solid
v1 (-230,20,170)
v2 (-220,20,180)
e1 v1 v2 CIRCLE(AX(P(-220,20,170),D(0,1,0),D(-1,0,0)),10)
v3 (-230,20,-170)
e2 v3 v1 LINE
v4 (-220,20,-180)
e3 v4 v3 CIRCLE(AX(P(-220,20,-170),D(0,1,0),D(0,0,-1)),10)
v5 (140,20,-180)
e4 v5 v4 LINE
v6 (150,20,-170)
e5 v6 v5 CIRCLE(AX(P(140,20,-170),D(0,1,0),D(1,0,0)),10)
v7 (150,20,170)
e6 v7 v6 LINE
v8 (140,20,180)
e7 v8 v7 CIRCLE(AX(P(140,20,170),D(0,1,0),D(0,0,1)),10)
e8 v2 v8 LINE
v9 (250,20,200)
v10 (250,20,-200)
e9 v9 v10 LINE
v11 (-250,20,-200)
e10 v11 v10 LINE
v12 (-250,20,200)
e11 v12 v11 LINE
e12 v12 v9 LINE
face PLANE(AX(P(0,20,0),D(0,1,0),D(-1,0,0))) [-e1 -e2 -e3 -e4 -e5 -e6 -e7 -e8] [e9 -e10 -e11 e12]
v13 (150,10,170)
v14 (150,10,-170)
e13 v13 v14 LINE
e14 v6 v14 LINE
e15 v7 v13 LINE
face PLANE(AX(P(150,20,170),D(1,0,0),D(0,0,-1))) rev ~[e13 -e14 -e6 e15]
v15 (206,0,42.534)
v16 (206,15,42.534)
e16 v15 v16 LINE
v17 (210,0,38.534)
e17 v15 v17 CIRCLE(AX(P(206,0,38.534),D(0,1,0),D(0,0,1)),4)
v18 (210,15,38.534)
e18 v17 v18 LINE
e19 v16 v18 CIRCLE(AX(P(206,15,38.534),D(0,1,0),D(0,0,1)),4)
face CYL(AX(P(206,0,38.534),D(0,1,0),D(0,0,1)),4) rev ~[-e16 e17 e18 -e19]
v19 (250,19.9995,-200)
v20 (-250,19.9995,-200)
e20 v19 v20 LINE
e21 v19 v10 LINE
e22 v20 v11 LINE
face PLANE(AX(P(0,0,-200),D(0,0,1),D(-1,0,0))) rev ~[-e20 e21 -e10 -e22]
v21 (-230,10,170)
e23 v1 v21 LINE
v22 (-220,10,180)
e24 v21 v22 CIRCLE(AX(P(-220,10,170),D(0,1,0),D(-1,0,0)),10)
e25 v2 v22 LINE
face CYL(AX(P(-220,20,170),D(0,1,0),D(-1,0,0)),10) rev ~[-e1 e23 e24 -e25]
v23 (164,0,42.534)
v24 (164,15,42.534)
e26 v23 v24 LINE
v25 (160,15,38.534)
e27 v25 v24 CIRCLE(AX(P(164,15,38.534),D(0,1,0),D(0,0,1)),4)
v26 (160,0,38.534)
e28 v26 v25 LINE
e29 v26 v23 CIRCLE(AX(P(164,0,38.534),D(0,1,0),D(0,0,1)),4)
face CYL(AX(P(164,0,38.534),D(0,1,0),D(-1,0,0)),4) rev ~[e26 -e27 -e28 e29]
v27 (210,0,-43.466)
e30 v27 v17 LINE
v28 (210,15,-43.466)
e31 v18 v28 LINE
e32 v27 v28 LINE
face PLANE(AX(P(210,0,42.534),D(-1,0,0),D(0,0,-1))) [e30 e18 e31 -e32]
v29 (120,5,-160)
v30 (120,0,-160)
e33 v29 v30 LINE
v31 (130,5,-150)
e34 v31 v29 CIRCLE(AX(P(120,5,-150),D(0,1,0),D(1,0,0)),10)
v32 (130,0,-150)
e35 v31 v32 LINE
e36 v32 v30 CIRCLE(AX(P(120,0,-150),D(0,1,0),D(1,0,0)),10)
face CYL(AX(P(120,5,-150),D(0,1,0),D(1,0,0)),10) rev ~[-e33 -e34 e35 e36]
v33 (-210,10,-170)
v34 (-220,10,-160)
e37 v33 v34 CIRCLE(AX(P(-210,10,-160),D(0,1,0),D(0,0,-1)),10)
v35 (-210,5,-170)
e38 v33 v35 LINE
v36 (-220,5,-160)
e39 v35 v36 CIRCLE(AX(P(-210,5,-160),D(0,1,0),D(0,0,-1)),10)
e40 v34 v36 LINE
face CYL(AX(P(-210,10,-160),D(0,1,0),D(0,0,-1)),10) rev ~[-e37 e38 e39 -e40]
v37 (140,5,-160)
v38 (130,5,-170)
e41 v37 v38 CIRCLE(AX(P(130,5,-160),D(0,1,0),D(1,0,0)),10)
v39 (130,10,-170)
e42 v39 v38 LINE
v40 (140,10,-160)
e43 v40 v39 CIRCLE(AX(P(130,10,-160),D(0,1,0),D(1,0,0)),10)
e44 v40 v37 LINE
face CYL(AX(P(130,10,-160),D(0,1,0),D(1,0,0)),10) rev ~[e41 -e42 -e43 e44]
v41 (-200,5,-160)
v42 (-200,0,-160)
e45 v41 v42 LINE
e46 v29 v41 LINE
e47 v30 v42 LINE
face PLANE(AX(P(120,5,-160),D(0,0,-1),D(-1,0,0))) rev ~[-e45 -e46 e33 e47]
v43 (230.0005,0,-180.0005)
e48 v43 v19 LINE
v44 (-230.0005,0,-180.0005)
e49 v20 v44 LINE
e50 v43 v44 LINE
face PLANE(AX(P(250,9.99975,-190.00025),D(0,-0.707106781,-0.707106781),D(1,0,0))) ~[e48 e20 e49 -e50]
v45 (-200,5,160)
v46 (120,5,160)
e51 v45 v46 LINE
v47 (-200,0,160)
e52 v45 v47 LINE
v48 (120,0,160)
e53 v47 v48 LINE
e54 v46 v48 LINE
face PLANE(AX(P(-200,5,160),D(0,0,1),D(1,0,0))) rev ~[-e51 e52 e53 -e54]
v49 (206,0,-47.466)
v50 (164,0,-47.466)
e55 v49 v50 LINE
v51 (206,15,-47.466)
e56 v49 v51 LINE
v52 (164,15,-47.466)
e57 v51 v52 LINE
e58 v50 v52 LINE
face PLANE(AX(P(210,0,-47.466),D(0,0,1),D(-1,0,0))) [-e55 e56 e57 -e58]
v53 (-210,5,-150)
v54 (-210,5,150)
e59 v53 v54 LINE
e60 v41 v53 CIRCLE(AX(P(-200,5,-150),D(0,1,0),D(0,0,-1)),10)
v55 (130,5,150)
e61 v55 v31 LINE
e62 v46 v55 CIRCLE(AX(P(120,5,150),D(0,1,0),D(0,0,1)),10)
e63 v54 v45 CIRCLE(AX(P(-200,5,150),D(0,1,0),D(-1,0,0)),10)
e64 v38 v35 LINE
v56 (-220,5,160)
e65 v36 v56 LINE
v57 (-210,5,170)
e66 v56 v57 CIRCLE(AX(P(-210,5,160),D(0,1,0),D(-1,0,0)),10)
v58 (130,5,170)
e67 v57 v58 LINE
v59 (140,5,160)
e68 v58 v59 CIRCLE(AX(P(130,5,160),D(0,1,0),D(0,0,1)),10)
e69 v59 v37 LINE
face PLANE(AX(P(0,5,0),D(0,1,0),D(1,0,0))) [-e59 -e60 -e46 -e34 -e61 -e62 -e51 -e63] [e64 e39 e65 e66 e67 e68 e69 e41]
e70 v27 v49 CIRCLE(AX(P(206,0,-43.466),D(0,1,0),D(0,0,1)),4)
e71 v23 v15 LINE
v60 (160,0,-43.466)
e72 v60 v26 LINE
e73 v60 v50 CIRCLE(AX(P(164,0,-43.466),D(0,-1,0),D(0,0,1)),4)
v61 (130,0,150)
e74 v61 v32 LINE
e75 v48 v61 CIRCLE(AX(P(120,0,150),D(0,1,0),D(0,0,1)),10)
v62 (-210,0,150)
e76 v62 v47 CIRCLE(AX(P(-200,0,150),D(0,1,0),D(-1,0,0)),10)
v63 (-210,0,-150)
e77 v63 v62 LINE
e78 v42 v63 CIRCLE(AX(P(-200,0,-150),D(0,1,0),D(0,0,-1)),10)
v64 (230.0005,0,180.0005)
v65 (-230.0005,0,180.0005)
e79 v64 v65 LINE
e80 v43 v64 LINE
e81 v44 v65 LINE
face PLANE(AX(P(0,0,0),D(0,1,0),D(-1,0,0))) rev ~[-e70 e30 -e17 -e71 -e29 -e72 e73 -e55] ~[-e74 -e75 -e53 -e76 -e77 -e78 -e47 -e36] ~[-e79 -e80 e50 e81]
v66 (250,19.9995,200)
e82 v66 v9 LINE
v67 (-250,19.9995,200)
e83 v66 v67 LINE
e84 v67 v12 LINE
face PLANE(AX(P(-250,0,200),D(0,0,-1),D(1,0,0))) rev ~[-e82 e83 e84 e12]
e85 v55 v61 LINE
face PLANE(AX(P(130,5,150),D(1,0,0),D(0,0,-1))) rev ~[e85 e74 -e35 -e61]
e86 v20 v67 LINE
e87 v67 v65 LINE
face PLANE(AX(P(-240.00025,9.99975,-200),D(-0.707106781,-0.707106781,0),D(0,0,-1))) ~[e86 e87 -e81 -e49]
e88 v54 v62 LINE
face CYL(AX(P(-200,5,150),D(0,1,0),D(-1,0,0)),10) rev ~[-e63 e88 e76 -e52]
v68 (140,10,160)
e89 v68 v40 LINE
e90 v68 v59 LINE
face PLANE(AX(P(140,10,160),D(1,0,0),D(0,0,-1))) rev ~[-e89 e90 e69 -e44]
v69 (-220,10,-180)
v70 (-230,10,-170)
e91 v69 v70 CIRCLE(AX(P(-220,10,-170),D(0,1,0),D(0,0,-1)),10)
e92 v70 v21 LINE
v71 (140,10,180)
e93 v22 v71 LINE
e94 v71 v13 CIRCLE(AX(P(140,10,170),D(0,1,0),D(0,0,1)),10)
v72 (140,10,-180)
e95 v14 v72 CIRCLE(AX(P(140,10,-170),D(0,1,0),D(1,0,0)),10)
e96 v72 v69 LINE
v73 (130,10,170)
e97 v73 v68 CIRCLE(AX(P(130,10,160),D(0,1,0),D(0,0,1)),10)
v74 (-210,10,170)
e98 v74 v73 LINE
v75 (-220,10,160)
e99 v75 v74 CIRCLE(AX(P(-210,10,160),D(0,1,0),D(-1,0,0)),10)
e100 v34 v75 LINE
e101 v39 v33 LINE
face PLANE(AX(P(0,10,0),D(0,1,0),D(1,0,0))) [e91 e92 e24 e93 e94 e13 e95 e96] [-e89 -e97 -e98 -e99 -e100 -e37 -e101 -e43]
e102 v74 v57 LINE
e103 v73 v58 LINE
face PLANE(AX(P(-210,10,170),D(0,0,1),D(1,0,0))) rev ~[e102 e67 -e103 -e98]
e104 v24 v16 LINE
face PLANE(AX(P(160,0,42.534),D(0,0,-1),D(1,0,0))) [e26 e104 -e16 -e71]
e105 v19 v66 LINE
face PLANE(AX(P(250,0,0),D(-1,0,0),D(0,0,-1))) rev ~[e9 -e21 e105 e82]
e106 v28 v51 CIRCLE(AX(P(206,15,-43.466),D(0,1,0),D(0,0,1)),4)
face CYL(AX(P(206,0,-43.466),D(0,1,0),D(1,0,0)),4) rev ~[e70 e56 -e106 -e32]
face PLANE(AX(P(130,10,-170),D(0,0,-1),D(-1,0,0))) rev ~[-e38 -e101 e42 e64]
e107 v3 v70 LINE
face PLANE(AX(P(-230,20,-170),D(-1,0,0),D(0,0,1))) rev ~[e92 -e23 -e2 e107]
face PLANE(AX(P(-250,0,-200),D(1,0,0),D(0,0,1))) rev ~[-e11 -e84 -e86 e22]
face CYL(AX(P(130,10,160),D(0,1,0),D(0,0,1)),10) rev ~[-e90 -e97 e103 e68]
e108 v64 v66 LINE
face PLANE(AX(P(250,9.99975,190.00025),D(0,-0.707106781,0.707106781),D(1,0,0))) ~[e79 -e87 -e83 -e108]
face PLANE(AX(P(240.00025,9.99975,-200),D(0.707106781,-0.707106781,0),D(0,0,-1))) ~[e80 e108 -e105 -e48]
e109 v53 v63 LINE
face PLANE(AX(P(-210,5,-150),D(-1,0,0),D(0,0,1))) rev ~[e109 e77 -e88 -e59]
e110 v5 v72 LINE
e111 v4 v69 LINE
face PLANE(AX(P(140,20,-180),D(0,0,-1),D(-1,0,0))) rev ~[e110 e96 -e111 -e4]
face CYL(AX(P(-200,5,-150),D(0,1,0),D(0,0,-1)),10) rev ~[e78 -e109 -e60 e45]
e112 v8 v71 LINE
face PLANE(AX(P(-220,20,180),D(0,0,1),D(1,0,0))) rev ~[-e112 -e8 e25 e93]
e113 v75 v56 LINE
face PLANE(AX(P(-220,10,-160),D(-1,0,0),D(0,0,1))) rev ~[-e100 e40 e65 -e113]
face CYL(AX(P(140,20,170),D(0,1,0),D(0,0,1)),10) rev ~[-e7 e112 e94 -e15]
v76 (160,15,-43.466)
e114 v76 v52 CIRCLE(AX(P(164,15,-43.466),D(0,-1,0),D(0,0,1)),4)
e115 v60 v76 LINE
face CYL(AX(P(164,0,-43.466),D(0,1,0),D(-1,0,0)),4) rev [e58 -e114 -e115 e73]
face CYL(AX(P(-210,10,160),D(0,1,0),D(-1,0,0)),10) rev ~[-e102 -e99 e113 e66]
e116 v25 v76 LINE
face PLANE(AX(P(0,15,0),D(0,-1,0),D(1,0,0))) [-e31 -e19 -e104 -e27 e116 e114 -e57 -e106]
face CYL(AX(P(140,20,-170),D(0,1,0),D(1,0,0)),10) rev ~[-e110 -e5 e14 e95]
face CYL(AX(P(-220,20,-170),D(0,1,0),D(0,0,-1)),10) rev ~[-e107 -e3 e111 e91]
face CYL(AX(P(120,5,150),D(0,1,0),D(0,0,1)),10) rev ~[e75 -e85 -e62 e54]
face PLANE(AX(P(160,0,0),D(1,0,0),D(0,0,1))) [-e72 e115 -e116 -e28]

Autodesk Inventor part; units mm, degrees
ref_plane "YZ Plane" through (0, 0, 0) normal (1, 0, 0) x (0, 1, 0)
ref_plane "XZ Plane" through (0, 0, 0) normal (0, 1, 0) x (-1, 0, 0)
ref_plane "XY Plane" through (0, 0, 0) normal (0, 0, 1) x (1, 0, 0)
sketch "Skizze1" plane through (0, 0, 0) normal (0, 1, 0) x (-1, 0, 0)
  line L0 (350, 0) -> (-350, 0) projected
  line L1 (0, -280) -> (0, 280) projected
  line L2 (250, 200) -> (-250, 200)
  line L3 (-250, 200) -> (-250, -200)
  line L4 (-250, -200) -> (250, -200)
  line L5 (250, -200) -> (250, 200)
  point P0 (0, 0)
  dimension "d0" = 400
  dimension "d1" = 500
extrude "Extrusion1" add sketch "Skizze1" along normal blind 20
chamfer "Fase1" distance 20 angle 45 4 edges at (-250, 0, 0) (0, 0, 200) (250, 0, 0) (0, 0, -200)
sketch "Skizze2" plane through (0, 20, 0) normal (0, 1, 0) x (1, 0, 0)
  line L0 (250, -200) -> (250, 200) projected
  line L1 (250, 200) -> (-250, 200) projected
  line L2 (-250, -200) -> (250, -200) projected
  line L3 (250, 200) -> (150, 200)
  line L4 (150, 200) -> (150, -200)
  line L5 (150, -200) -> (250, -200)
  line L6 (250, -200) -> (250, 200)
  point P0 (0, 0)
  dimension "d7" = 100
sketch "Skizze7" plane through (0, 20, 0) normal (0, 1, 0) x (1, 0, 0)
  line L0 (-250, -200) -> (250, -200) projected
  line L1 (250, -200) -> (250, 200) projected
  line L2 (250, 200) -> (-250, 200) projected
  line L3 (-250, 200) -> (-250, -200) projected
  line L4 (-350, 261.6691) -> (350, 261.6691)
  line L5 (-220, -180) -> (140, -180)
  line L6 (150, -170) -> (150, 170)
  line L7 (140, 180) -> (-220, 180)
  line L8 (-230, 170) -> (-230, -170)
  arc A0 (-230, -170) -> (-220, -180) centre (-220, -170) ccw
  arc A1 (-220, 180) -> (-230, 170) centre (-220, 170) ccw
  arc A2 (150, 170) -> (140, 180) centre (140, 170) ccw
  arc A3 (140, -180) -> (150, -170) centre (140, -170) ccw
  point P0 (0, 0)
  point P1 (458.9826, 261.6691)
  point P2 (-230, -180)
  point P3 (150, 180)
  point P4 (150, -180)
  point P5 (-230, 180)
  dimension "d35" = 380
  dimension "d37" = 20
  dimension "d38" = 20
  dimension "d41" = 10
  dimension "d53" = 20
extrude "Extrusion6" cut sketch "Skizze7" against normal blind 10 contours A0 L8 A1 L7 A2 L6 A3 L5
sketch "Skizze6" plane through (0, 0, 0) normal (0, -1, 0) x (1, 0, 0)
  line L0 (230, 180) -> (230, -180) projected
  line L1 (-350, 0) -> (350, 0) projected
  line L2 (160, 42.534) -> (210, 42.534)
  line L3 (210, 42.534) -> (210, -47.466)
  line L4 (210, -47.466) -> (160, -47.466)
  line L5 (160, -47.466) -> (160, 42.534)
  point P0 (0, 0)
  dimension "d23" = 50
  dimension "d24" = 90
  dimension "d25" = 20
extrude "Extrusion5" cut sketch "Skizze6" against normal blind 15
fillet "Rundung1" radius 4 4 edges at (160, 7.5, 42.534) (210, 7.5, 42.534) (210, 7.5, -47.466) (160, 7.5, -47.466)
sketch "Skizze8" plane through (0, 10, 0) normal (0, 1, 0) x (1, 0, 0)
  arc A0 (140, -180) -> (150, -170) centre (140, -170) ccw projected
  line L0 (150, 170) -> (150, -170) projected
  arc A1 (150, 170) -> (140, 180) centre (140, 170) ccw projected
  arc A2 (-220, 180) -> (-230, 170) centre (-220, 170) ccw projected
  line L1 (-230, -170) -> (-230, 170) projected
  arc A3 (-230, -170) -> (-220, -180) centre (-220, -170) ccw projected
  line L2 (-220, 180) -> (140, 180) projected
  line L3 (-210, -170) -> (130, -170)
  line L4 (140, -160) -> (140, 160)
  line L5 (130, 170) -> (-210, 170)
  line L6 (-220, 160) -> (-220, -160)
  arc A4 (-220, -160) -> (-210, -170) centre (-210, -160) ccw
  arc A5 (130, -170) -> (140, -160) centre (130, -160) ccw
  arc A6 (140, 160) -> (130, 170) centre (130, 160) ccw
  arc A7 (-210, 170) -> (-220, 160) centre (-210, 160) ccw
  line L7 (140, -180) -> (-220, -180) projected
  line L8 (-220, 180) -> (140, 180) projected
  point P0 (0, 0)
  dimension "d43" = 10
  dimension "d45" = 10
  dimension "d46" = 10
  dimension "d54" = 10
  dimension "d57" = 10
extrude "Extrusion7" cut sketch "Skizze8" against normal blind 5 contours A4 L6 A7 L5 A6 L4 A5 L3
sketch "Skizze9" plane through (0, 5, 0) normal (0, 1, 0) x (1, 0, 0)
  line L0 (130, -170) -> (-210, -170) projected
  arc A0 (130, -170) -> (140, -160) centre (130, -160) ccw projected
  line L1 (140, 160) -> (140, -160) projected
  arc A1 (140, 160) -> (130, 170) centre (130, 160) ccw projected
  line L2 (-210, 170) -> (130, 170) projected
  arc A2 (-210, 170) -> (-220, 160) centre (-210, 160) ccw projected
  line L3 (-220, -160) -> (-220, 160) projected
  arc A3 (-220, -160) -> (-210, -170) centre (-210, -160) ccw projected
  line L4 (-200, -160) -> (120, -160)
  line L5 (130, -150) -> (130, 150)
  line L6 (120, 160) -> (-200, 160)
  line L7 (-210, 150) -> (-210, -150)
  arc A4 (-210, -150) -> (-200, -160) centre (-200, -150) ccw
  arc A5 (-200, 160) -> (-210, 150) centre (-200, 150) ccw
  arc A6 (130, 150) -> (120, 160) centre (120, 150) ccw
  arc A7 (120, -160) -> (130, -150) centre (120, -150) ccw
  point P0 (0, 0)
  dimension "d49" = 10
extrude "Extrusion8" cut sketch "Skizze9" against normal blind 5 contours A4 L7 A5 L6 A6 L5 A7 L4
properties part number "SitzFläche"
